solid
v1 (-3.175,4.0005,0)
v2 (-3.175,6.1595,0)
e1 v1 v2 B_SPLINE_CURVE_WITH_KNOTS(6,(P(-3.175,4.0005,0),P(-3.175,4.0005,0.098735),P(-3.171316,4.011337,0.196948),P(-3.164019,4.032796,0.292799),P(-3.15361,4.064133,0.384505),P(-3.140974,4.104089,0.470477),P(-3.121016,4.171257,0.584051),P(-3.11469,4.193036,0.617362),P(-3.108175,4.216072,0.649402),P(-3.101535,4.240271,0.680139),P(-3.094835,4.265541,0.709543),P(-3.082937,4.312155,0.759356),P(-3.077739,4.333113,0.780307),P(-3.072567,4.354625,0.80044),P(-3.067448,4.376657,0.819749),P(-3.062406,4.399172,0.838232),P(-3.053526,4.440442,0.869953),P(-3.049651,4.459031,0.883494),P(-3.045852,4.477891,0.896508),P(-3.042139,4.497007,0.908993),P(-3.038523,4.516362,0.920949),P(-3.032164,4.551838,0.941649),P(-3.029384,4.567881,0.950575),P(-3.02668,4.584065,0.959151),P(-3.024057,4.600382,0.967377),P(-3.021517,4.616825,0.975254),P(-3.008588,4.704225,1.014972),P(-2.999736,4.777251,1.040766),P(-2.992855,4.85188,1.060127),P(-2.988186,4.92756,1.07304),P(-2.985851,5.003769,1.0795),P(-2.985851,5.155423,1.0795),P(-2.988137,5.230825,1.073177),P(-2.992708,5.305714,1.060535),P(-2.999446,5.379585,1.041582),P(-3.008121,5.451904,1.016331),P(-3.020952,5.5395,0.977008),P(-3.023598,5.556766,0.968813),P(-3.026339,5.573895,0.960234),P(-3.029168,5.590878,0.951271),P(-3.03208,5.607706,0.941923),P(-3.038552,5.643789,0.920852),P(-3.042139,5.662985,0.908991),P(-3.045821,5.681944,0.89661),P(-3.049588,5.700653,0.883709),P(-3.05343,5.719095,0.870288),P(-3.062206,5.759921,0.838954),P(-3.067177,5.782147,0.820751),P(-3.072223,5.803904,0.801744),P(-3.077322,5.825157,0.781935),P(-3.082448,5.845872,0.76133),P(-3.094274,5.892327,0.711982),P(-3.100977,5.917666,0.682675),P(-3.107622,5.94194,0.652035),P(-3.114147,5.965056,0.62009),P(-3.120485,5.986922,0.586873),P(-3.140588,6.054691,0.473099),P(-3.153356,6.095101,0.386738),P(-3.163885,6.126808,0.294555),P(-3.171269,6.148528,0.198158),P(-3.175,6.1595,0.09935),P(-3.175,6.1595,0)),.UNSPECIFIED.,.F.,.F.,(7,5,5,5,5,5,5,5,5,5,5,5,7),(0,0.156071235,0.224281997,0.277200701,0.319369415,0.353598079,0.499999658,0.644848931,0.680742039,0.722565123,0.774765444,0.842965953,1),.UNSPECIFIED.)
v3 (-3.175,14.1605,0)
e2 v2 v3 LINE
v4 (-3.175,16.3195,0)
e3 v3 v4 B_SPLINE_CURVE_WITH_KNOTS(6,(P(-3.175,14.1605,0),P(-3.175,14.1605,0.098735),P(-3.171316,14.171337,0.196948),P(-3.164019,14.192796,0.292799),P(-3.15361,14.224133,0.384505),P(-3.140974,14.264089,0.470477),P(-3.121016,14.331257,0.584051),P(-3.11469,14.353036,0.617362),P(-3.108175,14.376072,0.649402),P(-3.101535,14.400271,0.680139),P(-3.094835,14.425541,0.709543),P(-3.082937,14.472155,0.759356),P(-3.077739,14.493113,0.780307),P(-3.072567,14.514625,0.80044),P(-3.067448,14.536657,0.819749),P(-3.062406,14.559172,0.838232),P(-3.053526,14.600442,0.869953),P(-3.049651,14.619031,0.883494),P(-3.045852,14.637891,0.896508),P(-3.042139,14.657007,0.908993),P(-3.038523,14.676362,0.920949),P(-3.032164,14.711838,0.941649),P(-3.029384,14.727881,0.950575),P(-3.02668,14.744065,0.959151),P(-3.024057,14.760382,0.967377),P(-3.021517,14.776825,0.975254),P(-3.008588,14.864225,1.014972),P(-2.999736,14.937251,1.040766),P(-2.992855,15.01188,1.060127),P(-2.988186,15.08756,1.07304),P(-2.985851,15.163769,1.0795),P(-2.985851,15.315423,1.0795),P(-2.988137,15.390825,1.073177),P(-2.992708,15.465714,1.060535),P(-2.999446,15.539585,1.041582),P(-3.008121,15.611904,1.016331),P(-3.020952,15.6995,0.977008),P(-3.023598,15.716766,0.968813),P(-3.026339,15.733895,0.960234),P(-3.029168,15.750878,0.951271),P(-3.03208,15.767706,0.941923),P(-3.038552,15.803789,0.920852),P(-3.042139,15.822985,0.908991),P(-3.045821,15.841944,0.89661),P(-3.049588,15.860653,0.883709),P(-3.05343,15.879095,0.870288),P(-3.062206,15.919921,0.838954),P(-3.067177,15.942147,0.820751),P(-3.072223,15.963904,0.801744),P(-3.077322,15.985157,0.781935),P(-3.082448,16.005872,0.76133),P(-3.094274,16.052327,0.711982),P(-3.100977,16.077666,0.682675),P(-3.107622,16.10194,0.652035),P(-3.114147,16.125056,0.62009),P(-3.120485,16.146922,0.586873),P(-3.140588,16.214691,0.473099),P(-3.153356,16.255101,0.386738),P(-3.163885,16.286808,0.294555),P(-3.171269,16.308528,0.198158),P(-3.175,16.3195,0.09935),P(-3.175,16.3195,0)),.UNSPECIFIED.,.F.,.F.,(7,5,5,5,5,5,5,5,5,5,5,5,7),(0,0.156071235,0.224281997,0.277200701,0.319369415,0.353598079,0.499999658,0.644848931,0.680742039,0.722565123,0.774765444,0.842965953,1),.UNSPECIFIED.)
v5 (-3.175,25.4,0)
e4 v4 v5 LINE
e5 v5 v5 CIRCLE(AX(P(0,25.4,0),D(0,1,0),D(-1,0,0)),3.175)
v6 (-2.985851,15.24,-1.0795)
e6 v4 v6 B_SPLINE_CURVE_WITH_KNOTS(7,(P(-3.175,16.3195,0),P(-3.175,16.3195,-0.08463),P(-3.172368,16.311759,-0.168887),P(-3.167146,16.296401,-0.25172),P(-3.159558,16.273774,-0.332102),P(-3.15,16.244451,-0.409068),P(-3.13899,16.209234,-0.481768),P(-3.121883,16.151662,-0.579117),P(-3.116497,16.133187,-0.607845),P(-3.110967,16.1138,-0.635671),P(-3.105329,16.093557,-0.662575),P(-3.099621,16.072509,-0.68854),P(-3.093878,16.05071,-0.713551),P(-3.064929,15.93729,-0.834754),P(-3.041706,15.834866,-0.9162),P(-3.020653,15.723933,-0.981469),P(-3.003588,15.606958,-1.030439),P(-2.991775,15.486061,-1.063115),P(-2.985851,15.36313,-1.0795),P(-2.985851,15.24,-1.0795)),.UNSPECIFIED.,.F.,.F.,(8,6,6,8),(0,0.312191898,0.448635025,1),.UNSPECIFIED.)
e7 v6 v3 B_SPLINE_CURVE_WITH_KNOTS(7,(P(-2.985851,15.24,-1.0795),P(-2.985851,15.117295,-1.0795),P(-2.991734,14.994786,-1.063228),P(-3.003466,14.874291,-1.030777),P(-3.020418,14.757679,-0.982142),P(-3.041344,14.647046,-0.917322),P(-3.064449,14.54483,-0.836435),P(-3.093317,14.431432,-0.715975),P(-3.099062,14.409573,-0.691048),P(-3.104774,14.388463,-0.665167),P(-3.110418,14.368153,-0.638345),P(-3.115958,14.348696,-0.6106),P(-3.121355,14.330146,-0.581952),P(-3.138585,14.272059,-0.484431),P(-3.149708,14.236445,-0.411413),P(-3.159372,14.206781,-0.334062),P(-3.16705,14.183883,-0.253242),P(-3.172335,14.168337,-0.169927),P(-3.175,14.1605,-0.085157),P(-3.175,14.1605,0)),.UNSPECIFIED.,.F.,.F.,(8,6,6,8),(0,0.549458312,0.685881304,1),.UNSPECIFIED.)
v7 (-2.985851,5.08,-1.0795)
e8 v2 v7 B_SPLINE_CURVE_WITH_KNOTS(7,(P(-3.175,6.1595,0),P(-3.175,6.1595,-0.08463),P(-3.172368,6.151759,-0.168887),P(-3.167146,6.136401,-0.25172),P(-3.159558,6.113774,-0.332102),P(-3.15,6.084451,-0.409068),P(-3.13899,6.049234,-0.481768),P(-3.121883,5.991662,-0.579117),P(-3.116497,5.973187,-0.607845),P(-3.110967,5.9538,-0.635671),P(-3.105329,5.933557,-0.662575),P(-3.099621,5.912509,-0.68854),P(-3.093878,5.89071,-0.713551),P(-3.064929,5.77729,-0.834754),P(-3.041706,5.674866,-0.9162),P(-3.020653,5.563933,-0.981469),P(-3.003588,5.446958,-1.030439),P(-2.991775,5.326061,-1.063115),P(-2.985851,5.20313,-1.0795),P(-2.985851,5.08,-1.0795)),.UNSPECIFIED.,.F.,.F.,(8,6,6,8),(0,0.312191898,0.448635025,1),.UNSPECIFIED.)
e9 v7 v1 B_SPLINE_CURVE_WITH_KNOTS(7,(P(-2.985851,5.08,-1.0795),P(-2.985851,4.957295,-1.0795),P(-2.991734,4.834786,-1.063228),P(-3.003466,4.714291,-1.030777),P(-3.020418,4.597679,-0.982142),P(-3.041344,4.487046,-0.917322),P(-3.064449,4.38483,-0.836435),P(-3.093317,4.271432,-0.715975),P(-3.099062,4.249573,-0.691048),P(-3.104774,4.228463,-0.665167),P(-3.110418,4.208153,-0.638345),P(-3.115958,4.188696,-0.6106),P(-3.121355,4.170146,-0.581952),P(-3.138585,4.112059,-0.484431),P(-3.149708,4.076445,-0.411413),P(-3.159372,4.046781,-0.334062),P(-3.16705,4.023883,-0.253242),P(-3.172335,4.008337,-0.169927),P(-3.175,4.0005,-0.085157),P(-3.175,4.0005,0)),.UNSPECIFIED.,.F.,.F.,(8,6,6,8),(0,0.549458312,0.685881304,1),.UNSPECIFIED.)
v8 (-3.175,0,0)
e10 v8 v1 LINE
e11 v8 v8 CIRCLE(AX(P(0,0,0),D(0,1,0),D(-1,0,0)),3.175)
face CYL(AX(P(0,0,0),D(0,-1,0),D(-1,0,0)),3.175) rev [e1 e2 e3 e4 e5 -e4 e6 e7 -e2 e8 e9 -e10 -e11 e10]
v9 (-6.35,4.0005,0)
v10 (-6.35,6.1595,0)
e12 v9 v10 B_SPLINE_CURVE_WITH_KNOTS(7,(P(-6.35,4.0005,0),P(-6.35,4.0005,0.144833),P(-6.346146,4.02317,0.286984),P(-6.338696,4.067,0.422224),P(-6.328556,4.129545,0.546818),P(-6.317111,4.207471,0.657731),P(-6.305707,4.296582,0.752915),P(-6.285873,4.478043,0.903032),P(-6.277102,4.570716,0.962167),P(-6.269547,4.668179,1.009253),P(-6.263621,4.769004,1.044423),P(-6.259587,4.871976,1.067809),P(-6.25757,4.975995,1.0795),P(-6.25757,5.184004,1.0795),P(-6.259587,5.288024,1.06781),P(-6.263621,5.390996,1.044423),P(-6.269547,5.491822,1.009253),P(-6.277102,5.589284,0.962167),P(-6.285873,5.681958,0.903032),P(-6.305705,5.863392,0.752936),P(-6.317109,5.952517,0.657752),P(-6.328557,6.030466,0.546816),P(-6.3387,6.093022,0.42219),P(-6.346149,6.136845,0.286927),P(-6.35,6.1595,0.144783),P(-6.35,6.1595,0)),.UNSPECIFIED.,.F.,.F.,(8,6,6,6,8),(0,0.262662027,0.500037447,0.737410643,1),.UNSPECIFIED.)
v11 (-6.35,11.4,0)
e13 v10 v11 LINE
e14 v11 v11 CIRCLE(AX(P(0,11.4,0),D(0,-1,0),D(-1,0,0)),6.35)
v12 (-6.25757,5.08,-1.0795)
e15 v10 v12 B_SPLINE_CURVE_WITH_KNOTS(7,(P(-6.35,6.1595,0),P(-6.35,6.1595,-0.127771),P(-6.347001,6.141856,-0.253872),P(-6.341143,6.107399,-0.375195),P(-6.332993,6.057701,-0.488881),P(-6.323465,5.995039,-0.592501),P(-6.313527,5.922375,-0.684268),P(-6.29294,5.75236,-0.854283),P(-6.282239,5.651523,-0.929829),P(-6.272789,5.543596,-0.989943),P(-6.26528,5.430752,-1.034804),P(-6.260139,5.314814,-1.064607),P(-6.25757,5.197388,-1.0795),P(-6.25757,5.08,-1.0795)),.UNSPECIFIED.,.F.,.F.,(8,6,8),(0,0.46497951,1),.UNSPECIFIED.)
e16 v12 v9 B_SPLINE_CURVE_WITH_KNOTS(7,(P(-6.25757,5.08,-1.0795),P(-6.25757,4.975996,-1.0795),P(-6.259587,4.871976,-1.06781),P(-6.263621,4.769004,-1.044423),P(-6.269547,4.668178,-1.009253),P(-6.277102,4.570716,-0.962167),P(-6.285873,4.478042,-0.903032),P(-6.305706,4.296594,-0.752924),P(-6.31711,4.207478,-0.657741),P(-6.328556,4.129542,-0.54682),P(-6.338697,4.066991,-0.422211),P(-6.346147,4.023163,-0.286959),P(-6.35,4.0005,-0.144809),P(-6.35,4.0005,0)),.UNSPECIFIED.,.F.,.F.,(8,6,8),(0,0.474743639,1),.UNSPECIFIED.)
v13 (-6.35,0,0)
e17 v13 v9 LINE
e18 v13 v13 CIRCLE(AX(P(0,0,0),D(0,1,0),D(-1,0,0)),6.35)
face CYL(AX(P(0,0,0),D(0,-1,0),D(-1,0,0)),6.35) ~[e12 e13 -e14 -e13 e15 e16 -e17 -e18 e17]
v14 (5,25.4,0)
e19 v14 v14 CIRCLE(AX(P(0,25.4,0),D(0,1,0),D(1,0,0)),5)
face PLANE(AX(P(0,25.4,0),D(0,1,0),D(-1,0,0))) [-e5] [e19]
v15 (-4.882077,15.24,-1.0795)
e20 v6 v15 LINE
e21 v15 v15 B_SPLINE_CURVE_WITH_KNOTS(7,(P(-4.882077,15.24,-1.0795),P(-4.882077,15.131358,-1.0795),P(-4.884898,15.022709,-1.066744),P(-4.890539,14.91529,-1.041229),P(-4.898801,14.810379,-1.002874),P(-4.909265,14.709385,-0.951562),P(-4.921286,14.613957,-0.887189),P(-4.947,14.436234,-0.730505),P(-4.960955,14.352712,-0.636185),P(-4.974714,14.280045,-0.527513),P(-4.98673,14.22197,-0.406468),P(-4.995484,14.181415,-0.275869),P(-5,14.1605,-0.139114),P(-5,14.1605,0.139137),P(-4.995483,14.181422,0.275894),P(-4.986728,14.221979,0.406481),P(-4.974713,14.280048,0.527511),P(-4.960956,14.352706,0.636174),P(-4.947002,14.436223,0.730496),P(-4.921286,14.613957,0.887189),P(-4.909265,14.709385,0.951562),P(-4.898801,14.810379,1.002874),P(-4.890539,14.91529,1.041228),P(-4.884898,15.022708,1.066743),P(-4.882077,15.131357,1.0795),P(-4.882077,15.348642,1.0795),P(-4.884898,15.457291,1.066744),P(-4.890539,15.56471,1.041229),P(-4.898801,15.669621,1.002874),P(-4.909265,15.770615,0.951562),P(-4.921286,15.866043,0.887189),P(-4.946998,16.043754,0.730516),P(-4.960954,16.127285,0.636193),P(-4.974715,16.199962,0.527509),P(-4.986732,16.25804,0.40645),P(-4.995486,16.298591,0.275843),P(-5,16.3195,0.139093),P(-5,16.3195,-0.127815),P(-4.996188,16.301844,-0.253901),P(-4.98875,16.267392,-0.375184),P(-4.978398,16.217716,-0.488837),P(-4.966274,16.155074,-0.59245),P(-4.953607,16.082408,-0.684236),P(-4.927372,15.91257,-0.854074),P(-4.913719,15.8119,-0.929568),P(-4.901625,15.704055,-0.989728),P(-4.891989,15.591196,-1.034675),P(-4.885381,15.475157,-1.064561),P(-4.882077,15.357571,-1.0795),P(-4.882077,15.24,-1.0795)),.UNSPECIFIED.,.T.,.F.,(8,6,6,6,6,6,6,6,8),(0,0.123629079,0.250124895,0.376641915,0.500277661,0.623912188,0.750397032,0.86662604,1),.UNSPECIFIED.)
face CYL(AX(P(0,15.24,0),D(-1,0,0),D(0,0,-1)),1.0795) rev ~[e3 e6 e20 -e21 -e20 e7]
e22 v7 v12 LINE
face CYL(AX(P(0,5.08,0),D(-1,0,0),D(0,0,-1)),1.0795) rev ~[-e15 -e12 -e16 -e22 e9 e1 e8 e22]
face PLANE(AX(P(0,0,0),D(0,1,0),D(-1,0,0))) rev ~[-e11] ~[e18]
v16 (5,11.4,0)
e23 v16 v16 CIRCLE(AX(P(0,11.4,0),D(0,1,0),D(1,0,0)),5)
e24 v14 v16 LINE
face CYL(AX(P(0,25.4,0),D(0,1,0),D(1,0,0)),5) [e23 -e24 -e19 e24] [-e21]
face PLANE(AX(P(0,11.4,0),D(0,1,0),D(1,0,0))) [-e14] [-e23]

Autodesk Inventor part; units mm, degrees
ref_plane "YZ Plane" through (0, 0, 0) normal (1, 0, 0) x (0, 1, 0)
ref_plane "XZ Plane" through (0, 0, 0) normal (0, 1, 0) x (-1, 0, 0)
ref_plane "XY Plane" through (0, 0, 0) normal (0, 0, 1) x (1, 0, 0)
sketch "Sketch1" plane through (0, 0, 0) normal (0, 1, 0) x (-1, 0, 0)
  circle A0 centre (0, 0) radius 6.35
  circle A1 centre (0, 0) radius 3.175
  dimension "d0" = 12.7
  dimension "d1" = 6.35
extrude "Extrusion1" add sketch "Sketch1" along normal blind 25.4
sketch "Sketch2" plane through (0, 25.4, 0) normal (0, 1, 0) x (1, 0, 0)
  circle A0 centre (0, 0) radius 6.35 projected
  circle A1 centre (0, 0) radius 5
  dimension "d4" = 10
extrude "Extrusion2" cut sketch "Sketch2" against normal blind 14
sketch "Sketch3" plane through (0, 0, 0) normal (1, 0, 0) x (0, 1, 0)
  point P0 (0, 0)
  point P1 (5.08, 0)
  point P2 (15.24, 0)
  dimension "d7" = 5.08
  dimension "d8" = 15.24
hole "Hole1" at (0, 5.08, 0) at (0, 15.24, 0) direction (-1, 0, 0) diameter 2.159 end through all
properties part number "motorCoupling"
